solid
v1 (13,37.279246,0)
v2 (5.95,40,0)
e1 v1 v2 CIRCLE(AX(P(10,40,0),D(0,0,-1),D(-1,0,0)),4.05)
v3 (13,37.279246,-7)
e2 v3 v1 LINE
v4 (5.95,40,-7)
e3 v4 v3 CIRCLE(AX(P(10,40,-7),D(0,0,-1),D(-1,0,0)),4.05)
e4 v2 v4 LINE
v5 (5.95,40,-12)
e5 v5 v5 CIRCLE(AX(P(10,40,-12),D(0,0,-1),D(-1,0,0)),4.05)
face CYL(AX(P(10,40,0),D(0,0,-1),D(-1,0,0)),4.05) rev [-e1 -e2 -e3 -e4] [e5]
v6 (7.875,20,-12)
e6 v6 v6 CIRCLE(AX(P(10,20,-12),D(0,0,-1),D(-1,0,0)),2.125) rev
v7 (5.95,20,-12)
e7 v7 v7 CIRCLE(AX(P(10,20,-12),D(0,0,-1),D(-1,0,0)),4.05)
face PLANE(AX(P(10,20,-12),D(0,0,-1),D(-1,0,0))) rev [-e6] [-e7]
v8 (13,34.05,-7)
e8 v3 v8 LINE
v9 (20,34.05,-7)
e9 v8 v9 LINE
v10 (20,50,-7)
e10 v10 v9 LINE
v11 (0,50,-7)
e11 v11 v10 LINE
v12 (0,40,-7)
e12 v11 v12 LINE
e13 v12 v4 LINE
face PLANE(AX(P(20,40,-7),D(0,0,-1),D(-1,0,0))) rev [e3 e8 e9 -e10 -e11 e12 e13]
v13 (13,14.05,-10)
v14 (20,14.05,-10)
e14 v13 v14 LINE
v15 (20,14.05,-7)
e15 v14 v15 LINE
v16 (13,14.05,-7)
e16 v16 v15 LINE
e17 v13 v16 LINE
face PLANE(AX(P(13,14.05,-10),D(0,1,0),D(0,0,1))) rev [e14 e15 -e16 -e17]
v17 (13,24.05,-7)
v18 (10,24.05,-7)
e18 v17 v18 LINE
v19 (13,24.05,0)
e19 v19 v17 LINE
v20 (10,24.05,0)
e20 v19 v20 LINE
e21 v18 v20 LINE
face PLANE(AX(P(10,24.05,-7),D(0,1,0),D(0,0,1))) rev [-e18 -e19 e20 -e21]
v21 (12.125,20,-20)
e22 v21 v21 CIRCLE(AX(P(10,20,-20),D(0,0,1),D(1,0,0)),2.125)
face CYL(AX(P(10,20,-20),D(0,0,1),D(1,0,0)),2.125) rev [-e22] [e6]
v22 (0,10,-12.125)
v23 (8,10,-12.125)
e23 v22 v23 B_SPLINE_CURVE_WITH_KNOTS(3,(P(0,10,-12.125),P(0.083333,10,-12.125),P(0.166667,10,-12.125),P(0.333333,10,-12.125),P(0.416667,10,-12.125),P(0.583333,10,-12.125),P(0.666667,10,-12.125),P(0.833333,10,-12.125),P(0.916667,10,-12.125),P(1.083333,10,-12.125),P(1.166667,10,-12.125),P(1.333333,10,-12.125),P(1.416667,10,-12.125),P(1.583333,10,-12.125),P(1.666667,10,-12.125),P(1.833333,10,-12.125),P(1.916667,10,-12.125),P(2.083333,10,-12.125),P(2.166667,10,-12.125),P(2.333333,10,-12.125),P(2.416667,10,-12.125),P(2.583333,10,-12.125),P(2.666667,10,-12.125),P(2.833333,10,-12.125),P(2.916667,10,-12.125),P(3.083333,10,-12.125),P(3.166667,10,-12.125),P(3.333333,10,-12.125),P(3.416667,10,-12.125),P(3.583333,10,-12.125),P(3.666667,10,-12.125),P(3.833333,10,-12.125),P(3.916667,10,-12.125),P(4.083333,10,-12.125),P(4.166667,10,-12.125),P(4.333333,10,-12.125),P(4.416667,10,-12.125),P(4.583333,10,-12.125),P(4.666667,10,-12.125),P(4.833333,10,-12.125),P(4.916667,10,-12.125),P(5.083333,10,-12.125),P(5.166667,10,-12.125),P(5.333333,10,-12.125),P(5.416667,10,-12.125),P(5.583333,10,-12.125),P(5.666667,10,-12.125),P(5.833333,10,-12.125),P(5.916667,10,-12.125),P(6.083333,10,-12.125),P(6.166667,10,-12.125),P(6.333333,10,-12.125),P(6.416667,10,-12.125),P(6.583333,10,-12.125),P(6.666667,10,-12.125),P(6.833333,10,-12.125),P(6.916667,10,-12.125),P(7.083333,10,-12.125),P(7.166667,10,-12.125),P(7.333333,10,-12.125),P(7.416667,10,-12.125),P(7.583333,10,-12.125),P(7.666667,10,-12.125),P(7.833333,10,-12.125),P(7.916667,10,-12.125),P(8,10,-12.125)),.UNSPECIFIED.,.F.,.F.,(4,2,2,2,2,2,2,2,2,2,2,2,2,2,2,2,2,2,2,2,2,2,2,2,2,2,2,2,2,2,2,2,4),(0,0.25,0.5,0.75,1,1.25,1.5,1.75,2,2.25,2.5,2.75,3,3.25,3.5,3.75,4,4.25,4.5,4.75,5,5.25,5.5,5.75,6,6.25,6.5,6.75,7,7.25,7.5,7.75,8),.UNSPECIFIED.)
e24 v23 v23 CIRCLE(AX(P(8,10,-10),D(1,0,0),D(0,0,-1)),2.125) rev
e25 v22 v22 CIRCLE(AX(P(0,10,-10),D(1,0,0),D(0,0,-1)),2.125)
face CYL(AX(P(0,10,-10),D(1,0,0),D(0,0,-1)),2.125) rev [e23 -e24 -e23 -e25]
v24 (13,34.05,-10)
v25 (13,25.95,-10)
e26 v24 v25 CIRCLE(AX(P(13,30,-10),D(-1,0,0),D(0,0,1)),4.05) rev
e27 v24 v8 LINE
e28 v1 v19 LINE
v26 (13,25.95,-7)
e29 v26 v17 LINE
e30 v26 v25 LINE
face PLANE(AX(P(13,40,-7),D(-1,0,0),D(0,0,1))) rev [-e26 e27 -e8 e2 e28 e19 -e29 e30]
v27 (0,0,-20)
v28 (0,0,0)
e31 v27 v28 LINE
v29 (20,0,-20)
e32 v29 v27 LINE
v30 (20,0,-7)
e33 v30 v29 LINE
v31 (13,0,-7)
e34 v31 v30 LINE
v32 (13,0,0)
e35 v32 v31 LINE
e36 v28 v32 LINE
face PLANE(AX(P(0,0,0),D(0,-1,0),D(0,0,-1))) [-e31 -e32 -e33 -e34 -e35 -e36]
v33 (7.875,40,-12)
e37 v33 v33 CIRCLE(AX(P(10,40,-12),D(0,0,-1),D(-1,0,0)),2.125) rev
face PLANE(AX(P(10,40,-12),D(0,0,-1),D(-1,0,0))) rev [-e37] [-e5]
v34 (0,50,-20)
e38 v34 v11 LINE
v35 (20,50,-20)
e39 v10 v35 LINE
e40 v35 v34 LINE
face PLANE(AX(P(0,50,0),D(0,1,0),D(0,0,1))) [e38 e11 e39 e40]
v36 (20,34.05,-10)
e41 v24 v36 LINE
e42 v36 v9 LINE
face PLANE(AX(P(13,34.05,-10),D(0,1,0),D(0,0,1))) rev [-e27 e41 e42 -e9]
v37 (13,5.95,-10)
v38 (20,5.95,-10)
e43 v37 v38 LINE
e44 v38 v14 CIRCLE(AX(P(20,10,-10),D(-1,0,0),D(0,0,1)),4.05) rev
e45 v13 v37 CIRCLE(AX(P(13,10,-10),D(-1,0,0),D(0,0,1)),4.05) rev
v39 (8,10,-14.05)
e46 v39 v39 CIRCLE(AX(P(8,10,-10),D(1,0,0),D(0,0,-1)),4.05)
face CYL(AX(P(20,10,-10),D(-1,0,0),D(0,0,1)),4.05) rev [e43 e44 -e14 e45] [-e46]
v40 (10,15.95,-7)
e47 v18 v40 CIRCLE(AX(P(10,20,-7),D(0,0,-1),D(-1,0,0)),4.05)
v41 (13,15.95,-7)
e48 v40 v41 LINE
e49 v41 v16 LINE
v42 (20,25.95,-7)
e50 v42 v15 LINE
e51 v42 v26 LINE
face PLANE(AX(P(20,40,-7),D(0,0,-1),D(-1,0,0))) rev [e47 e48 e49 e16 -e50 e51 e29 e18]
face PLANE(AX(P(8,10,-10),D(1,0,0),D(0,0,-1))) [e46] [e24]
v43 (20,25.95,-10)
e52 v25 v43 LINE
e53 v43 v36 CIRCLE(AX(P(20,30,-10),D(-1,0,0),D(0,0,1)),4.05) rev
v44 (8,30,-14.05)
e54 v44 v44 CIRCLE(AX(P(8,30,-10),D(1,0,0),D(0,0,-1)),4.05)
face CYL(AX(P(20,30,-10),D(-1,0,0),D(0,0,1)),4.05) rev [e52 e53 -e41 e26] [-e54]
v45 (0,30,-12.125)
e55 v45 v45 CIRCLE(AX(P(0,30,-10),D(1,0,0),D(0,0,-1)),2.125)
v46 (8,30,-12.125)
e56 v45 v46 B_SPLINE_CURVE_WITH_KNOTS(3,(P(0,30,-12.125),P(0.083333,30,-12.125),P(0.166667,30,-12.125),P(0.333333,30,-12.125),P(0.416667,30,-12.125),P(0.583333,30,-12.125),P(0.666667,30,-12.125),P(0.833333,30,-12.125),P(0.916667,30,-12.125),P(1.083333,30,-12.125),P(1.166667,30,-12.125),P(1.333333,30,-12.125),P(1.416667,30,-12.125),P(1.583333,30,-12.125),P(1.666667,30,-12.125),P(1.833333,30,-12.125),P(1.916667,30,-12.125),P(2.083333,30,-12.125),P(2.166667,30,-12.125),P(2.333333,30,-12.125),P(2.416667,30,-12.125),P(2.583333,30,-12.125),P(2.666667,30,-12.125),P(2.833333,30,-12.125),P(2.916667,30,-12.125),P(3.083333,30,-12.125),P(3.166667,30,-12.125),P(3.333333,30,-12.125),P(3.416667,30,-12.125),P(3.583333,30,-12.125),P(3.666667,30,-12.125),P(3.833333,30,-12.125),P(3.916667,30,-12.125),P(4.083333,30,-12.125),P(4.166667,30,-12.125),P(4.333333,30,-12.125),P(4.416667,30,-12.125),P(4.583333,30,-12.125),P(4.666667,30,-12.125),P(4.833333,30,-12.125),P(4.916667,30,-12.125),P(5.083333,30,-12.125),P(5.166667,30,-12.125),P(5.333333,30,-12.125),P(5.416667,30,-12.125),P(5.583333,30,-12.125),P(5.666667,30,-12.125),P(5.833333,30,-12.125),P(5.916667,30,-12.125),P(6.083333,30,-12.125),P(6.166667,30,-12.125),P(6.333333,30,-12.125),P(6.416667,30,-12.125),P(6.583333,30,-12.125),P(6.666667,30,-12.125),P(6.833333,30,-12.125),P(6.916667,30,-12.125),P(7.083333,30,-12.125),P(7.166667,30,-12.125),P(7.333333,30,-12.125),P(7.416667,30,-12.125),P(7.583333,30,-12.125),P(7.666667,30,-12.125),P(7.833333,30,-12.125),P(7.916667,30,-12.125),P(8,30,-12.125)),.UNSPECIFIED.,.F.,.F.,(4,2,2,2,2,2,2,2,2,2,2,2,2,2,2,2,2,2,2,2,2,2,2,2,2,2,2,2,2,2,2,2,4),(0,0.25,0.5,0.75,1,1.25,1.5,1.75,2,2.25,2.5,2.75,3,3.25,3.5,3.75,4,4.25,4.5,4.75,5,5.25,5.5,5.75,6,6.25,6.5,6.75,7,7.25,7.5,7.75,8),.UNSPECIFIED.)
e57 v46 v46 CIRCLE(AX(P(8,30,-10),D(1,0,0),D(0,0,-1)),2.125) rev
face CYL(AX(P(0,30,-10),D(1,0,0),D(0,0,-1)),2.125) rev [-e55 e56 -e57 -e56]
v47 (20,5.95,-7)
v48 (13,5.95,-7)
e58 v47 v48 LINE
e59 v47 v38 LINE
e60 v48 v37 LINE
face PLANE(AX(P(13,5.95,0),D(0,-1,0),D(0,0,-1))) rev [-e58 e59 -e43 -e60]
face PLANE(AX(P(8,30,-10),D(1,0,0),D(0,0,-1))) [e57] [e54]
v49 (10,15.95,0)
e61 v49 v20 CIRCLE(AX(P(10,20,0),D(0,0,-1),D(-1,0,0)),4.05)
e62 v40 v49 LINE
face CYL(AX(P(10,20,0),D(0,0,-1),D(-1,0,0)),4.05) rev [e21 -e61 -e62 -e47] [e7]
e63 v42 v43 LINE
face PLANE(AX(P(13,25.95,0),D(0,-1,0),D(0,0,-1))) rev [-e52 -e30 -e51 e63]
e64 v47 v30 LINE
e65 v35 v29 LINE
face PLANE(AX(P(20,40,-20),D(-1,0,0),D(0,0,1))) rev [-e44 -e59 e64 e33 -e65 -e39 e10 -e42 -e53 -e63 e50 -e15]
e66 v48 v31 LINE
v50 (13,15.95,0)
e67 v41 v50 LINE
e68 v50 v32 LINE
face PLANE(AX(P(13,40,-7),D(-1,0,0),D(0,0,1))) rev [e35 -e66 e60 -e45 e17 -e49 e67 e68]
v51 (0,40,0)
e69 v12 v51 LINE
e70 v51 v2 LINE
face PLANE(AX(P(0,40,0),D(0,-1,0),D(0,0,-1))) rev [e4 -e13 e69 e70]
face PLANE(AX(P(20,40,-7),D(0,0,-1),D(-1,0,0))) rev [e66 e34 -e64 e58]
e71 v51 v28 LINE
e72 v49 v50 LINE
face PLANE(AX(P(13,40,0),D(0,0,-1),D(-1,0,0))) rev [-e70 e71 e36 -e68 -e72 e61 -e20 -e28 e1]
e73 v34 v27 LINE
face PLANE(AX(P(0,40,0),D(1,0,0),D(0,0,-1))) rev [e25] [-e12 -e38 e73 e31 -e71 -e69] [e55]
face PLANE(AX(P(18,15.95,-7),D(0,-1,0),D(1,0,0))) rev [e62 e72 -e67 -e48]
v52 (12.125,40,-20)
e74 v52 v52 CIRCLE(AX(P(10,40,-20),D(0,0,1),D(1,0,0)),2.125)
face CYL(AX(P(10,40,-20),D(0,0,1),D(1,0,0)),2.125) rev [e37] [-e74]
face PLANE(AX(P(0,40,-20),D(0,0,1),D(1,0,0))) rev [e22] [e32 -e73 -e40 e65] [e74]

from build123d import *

# Parameters (mm, degrees)
SALIENTE_EXTRUIR1_DEPTH    = 40
CROQUIS2_W                 = 20
CROQUIS2_H                 = 13
SALIENTE_EXTRUIR2_DEPTH    = 10
CROQUIS3_R                 = 2.125
CORTAR_EXTRUIR1_DEPTH      = 56.398555938
CORTAR_EXTRUIR2_DEPTH      = 56.398555938
CORTAR_EXTRUIR2_DEPTH_BACK = 5
CROQUIS4_R                 = 4.05
CORTAR_EXTRUIR3_DEPTH      = 56.398555938
CORTAR_EXTRUIR3_DEPTH_BACK = 56.398555938
CROQUIS5_R                 = 2.125
CORTAR_EXTRUIR4_DEPTH      = 58.445626465
CORTAR_EXTRUIR4_DEPTH_BACK = 5
CORTAR_EXTRUIR4_START      = -7
CROQUIS6_R                 = 4.05
CORTAR_EXTRUIR5_START      = -7
CORTAR_EXTRUIR5_DEPTH      = 7
CORTAR_EXTRUIR6_DEPTH      = 7
CROQUIS9_R                 = 2.125
CORTAR_EXTRUIR7_DEPTH      = 58.445626465
CORTAR_EXTRUIR8_DEPTH      = 58.445626465
CORTAR_EXTRUIR8_DEPTH_BACK = 5
CORTAR_EXTRUIR8_START      = -7
CROQUIS10_R                = 4.05


with BuildPart() as part:
    # Croquis1 → Saliente-Extruir1 (new body)
    with BuildSketch(Plane(origin=(0, 0, 0), x_dir=(1, 0, 0), z_dir=(0, 1, 0))):
        Polygon((0, 0), (0, 20), (20, 20), (20, 7), (13, 7), (13, 0), align=None)
    extrude(amount=SALIENTE_EXTRUIR1_DEPTH)

    # Croquis2 → Saliente-Extruir2 (add)
    with BuildSketch(Plane(origin=(0, 40, 0), x_dir=(1, 0, 0), z_dir=(0, 1, 0))):
        with Locations((10, 13.5)):
            Rectangle(CROQUIS2_W, CROQUIS2_H)
    extrude(amount=SALIENTE_EXTRUIR2_DEPTH)

    # Croquis3 → Cortar-Extruir1 (cut, through all)
    with BuildSketch(Plane(origin=(13, 0, 0), x_dir=(0, 0, -1), z_dir=(1, 0, 0))):
        with Locations((10, 30)):
            Circle(CROQUIS3_R)
        with Locations((10, 10)):
            Circle(CROQUIS3_R)
    extrude(amount=-CORTAR_EXTRUIR1_DEPTH, mode=Mode.SUBTRACT)

    # Croquis4 → Cortar-Extruir2 (cut, two sides: drawn at the far end of the back side and taken through both)
    with BuildSketch(Plane(origin=(13, 0, 0), x_dir=(0, 0, -1), z_dir=(1, 0, 0)).offset(-CORTAR_EXTRUIR2_DEPTH_BACK)):
        with Locations(Location((10, 30, 0), (0, 0, 222.205446404))):
            Circle(CROQUIS4_R)
        with Locations(Location((10, 10, 0), (0, 0, 222.205446404))):
            Circle(CROQUIS4_R)
    extrude(amount=CORTAR_EXTRUIR2_DEPTH + CORTAR_EXTRUIR2_DEPTH_BACK, mode=Mode.SUBTRACT)

    # Croquis5 → Cortar-Extruir3 (cut, two sides: drawn at the far end of the back side and taken through both)
    with BuildSketch(Plane.XY.offset(-7).offset(-CORTAR_EXTRUIR3_DEPTH_BACK)):
        with Locations((10, 20)):
            Circle(CROQUIS5_R)
    extrude(amount=CORTAR_EXTRUIR3_DEPTH + CORTAR_EXTRUIR3_DEPTH_BACK, mode=Mode.SUBTRACT)

    # Croquis6 → Cortar-Extruir4 (cut, two sides: drawn at the far end of the back side and taken through both)
    with BuildSketch(Plane.XY.offset(CORTAR_EXTRUIR4_START - CORTAR_EXTRUIR4_DEPTH_BACK)):
        with Locations(Location((10, 20, 0), (0, 0, 180))):
            Circle(CROQUIS6_R)
    extrude(amount=CORTAR_EXTRUIR4_DEPTH + CORTAR_EXTRUIR4_DEPTH_BACK, mode=Mode.SUBTRACT)

    # Croquis7 → Cortar-Extruir5 (cut)
    with BuildSketch(Plane.XY.offset(CORTAR_EXTRUIR5_START)):
        with BuildLine():
            Line((10, 24.05), (18, 24.05))
            Line((18, 24.05), (18, 15.95))
            Line((18, 15.95), (10, 15.95))
            ThreePointArc((10, 15.95), (14.05, 20), (10, 24.05))
        make_face()
    extrude(amount=CORTAR_EXTRUIR5_DEPTH, mode=Mode.SUBTRACT)

    # Croquis8 → Cortar-Extruir6 (cut)
    with BuildSketch(Plane(origin=(20, 0, 0), x_dir=(0, 0, -1), z_dir=(1, 0, 0))):
        with BuildLine():
            Line((10, 34.05), (0, 34.05))
            Line((0, 34.05), (0, 25.95))
            Line((0, 25.95), (10, 25.95))
            ThreePointArc((10, 25.95), (5.95, 30), (10, 34.05))
        make_face()
        with BuildLine():
            Line((10, 14.05), (0, 14.05))
            Line((0, 14.05), (0, 5.95))
            Line((0, 5.95), (10, 5.95))
            ThreePointArc((10, 5.95), (5.95, 10), (10, 14.05))
        make_face()
    extrude(amount=-CORTAR_EXTRUIR6_DEPTH, mode=Mode.SUBTRACT)

    # Croquis9 → Cortar-Extruir7 (cut, through all)
    with BuildSketch(Plane.XY):
        with Locations((10, 40)):
            Circle(CROQUIS9_R)
    extrude(amount=-CORTAR_EXTRUIR7_DEPTH, mode=Mode.SUBTRACT)

    # Croquis10 → Cortar-Extruir8 (cut, two sides: drawn at the far end of the back side and taken through both)
    with BuildSketch(Plane.XY.offset(CORTAR_EXTRUIR8_START - CORTAR_EXTRUIR8_DEPTH_BACK)):
        with Locations(Location((10, 40, 0), (0, 0, 180))):
            Circle(CROQUIS10_R)
    extrude(amount=CORTAR_EXTRUIR8_DEPTH + CORTAR_EXTRUIR8_DEPTH_BACK, mode=Mode.SUBTRACT)


solid = part.part
